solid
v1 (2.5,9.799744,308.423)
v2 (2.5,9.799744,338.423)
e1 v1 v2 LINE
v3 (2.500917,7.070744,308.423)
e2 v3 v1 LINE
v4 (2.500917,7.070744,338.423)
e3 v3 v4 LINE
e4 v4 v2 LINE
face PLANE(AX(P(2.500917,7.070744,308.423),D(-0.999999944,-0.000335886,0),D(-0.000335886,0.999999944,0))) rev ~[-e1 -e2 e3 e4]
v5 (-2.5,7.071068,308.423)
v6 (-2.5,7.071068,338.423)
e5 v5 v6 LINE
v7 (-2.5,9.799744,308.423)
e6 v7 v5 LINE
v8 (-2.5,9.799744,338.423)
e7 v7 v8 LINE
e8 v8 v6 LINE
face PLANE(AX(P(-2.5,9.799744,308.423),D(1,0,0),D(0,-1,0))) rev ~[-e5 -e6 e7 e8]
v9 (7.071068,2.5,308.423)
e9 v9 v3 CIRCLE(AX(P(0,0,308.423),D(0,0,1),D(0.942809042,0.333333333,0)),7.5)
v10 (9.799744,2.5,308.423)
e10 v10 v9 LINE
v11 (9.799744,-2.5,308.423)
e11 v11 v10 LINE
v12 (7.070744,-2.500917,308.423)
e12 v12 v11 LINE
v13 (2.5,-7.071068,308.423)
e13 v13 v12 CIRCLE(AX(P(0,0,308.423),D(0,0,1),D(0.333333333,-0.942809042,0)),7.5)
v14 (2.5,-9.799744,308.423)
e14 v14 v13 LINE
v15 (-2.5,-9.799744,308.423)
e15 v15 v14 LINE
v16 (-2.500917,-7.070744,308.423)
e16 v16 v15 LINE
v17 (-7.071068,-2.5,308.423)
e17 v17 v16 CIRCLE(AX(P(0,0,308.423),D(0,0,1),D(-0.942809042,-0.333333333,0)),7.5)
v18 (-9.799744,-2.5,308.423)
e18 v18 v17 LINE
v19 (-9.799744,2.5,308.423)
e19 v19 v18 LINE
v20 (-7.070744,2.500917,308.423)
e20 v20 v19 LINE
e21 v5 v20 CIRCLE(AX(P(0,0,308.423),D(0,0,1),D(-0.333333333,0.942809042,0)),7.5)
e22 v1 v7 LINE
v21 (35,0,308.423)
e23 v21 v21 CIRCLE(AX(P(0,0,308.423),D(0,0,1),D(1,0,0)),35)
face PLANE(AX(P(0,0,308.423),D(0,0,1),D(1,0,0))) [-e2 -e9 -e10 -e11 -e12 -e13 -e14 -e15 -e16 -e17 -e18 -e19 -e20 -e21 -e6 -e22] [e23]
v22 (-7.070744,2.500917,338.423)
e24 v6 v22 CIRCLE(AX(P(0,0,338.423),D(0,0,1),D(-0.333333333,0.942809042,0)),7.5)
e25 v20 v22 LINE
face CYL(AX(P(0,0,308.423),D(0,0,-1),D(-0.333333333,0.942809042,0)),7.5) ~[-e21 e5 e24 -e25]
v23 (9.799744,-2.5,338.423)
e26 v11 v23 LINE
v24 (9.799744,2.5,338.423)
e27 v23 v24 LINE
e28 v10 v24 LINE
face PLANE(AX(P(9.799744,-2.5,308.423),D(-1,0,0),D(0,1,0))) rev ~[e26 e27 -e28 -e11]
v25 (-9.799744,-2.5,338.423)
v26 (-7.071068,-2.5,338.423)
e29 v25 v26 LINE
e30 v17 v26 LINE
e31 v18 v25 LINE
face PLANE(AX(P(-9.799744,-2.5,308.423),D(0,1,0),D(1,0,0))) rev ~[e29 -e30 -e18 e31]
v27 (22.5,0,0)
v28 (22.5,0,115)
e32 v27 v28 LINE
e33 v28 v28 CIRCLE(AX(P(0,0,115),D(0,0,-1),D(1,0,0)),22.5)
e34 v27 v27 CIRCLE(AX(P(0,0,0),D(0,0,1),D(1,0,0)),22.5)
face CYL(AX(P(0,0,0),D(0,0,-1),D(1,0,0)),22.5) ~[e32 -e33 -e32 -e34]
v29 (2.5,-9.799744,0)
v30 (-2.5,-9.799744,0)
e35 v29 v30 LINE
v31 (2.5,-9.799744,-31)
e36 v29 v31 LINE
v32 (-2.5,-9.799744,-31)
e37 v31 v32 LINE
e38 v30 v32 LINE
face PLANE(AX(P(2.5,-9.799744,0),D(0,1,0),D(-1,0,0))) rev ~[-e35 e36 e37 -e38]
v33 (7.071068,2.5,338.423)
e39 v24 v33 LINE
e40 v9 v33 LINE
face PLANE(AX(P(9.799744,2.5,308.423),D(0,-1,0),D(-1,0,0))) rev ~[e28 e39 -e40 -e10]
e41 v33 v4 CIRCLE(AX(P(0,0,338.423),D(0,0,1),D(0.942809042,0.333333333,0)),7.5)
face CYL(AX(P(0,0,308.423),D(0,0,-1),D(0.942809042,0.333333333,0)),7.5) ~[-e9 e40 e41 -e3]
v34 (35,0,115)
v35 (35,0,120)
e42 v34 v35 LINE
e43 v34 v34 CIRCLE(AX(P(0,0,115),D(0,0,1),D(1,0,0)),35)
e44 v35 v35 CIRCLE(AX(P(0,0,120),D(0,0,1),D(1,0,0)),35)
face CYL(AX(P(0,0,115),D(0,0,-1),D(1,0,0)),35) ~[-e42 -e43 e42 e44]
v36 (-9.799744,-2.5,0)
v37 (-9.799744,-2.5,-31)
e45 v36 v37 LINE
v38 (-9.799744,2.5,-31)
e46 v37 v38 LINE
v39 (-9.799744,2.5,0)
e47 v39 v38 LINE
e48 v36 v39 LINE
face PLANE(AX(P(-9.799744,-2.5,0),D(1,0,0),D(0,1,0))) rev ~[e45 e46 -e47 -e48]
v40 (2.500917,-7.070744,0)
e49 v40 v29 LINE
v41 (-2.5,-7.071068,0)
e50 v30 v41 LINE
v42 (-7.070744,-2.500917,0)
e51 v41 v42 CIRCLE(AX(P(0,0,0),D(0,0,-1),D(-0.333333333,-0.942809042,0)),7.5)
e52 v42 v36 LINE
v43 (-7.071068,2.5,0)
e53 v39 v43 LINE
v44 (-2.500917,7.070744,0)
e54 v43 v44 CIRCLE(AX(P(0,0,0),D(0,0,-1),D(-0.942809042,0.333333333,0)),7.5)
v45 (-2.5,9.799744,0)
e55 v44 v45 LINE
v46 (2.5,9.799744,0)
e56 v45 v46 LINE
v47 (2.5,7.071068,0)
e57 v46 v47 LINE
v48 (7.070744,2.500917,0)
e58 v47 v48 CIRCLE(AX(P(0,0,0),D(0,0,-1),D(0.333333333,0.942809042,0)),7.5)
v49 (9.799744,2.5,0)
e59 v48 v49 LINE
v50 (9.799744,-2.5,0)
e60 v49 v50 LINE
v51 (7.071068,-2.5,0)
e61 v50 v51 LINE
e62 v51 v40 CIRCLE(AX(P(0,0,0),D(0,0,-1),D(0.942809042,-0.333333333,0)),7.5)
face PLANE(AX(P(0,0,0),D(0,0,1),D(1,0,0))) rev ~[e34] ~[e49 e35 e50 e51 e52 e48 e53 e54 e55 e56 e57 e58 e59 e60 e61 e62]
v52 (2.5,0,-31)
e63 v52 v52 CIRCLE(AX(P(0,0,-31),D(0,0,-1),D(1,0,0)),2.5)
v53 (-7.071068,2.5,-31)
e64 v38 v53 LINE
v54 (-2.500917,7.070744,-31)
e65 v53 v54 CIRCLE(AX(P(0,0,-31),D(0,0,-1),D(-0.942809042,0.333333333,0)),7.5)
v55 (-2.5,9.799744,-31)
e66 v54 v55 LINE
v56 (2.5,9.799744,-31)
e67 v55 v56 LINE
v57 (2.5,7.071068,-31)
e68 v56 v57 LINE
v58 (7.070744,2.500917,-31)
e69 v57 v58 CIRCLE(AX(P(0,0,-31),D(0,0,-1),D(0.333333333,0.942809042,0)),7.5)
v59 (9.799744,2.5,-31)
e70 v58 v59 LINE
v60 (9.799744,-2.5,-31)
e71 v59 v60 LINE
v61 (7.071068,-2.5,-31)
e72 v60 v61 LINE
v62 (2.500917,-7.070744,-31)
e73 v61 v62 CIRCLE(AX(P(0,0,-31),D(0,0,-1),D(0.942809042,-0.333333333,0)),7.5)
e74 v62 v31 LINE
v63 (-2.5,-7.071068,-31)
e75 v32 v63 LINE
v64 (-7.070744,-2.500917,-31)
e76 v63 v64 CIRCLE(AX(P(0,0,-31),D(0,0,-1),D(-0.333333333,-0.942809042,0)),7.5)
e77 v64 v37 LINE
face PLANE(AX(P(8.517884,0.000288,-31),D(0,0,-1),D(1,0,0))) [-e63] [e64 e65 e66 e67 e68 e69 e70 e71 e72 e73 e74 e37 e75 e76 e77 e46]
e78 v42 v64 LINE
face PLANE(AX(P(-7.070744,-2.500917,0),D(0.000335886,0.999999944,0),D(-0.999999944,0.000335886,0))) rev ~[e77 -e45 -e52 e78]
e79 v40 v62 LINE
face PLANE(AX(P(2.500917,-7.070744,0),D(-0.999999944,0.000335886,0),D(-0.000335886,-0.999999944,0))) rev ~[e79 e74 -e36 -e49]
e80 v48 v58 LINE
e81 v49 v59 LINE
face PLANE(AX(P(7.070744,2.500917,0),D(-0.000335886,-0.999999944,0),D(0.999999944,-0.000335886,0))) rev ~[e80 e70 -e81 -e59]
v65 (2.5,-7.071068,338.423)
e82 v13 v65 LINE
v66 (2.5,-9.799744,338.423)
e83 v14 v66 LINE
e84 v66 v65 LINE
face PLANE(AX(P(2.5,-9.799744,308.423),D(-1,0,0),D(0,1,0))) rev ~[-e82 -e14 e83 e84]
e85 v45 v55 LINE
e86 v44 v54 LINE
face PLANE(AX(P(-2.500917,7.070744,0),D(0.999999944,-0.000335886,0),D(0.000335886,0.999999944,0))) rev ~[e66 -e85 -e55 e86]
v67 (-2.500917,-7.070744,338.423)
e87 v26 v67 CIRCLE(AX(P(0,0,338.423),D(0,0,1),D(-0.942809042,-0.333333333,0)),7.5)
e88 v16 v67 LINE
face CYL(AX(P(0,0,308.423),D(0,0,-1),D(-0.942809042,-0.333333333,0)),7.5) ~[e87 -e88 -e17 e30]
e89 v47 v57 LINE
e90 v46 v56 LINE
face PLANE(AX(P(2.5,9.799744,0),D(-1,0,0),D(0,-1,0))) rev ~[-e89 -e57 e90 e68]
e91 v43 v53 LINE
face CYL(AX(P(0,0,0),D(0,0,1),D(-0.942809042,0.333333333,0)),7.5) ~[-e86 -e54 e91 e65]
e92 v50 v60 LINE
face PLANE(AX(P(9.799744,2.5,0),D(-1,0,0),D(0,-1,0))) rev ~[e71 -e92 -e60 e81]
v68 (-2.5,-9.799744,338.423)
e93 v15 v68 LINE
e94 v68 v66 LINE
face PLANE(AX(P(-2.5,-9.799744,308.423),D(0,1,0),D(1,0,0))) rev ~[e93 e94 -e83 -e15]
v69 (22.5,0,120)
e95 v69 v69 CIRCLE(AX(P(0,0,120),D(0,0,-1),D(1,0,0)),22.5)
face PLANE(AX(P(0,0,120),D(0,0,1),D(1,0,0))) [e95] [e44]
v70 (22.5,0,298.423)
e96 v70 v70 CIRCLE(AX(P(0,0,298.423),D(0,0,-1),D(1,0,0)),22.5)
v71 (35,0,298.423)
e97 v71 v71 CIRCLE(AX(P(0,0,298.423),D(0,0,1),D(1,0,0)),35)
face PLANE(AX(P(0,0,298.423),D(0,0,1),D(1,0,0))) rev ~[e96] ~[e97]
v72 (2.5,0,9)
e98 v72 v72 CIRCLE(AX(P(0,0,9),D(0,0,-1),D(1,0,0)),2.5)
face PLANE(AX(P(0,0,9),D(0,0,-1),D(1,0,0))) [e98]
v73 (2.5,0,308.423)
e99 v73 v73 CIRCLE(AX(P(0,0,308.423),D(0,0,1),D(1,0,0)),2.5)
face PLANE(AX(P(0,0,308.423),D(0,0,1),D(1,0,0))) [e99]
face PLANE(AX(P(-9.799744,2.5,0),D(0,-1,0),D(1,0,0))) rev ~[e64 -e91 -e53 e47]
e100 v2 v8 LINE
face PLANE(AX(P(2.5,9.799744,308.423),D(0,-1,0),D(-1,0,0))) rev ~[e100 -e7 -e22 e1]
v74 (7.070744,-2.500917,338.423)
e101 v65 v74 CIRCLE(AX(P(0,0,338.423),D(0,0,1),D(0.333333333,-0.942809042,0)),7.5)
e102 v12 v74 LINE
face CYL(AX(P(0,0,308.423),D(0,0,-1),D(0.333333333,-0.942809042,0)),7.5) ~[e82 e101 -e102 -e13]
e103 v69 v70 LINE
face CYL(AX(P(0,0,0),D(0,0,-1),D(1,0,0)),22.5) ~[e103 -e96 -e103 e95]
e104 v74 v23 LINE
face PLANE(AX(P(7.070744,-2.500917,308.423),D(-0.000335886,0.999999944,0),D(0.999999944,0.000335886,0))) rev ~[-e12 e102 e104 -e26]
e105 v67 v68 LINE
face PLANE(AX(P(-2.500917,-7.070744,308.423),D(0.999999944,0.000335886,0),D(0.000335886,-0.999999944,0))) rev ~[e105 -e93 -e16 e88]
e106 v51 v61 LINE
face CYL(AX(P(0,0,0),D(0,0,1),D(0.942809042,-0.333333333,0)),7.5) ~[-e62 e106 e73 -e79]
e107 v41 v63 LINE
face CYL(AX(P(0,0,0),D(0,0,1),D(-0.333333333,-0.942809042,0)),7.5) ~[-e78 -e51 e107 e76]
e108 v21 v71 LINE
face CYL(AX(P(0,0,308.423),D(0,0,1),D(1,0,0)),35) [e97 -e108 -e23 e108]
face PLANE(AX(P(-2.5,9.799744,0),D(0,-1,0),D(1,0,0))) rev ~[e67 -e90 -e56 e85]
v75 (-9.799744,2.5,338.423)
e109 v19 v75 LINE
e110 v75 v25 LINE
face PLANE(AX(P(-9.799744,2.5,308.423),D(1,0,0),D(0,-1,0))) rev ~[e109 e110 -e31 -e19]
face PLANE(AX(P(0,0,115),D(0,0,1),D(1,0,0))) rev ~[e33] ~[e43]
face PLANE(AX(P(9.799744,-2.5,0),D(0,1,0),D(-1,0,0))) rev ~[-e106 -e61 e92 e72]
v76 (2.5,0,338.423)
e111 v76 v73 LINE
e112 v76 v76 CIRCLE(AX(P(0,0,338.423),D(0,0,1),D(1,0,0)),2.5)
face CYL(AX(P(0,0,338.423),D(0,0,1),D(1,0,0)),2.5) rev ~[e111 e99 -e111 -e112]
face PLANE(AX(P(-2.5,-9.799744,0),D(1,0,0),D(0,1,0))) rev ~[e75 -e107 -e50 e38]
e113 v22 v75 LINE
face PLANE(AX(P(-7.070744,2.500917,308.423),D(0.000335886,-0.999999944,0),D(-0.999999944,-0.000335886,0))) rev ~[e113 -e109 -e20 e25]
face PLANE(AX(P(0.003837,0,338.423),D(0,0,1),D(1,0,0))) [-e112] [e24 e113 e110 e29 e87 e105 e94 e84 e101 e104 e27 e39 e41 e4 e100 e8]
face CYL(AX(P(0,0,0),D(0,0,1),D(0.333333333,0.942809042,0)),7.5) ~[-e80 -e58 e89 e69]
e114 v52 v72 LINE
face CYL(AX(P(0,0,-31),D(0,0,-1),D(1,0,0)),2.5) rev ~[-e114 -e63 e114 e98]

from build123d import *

# Parameters (mm, degrees)
F0_R      = 22.5
F1_DEPTH  = 308.423
F4_DEPTH  = 31
F5_R      = 2.5
F6_DEPTH  = 40
F7_DEPTH  = 30
F8_R      = 2.5
F9_DEPTH  = 30
F10_R     = 35
F11_DEPTH = 10
F13_R     = 35
F14_DEPTH = 5


with BuildPart() as f1:
    # F0 (on Top) → F1 (new body)
    with BuildSketch(Plane.XY):
        Circle(F0_R)
    extrude(amount=F1_DEPTH)

    # F3 (on face) → F4 (join)
    with BuildSketch(Plane(origin=(0, 0, 0), x_dir=(1, 0, 0), z_dir=(0, 0, -1))):
        with BuildLine():
            ThreePointArc((7.0710678119, 2.5), (7.3919891974, 1.2682648404), (7.5, 0))
            ThreePointArc((7.5, 0), (7.3919069765, -1.268743966), (7.0707436663, -2.500916633))
            Line((7.0707436663, -2.500916633), (9.7997435124, -2.5))
            Line((9.7997435124, -2.5), (9.7997435124, 0))
            Line((9.7997435124, 0), (9.7997435124, 2.5))
            Line((9.7997435124, 2.5), (7.0710678119, 2.5))
        make_face()
        with BuildLine():
            Line((2.5, -9.7997435124), (2.5, -7.0710678119))
            ThreePointArc((2.5, -7.0710678119), (-0.0004861292, -7.4999999842), (-2.500916633, -7.0707436663))
            Line((-2.500916633, -7.0707436663), (-2.5, -9.7997435124))
            Line((-2.5, -9.7997435124), (0, -9.7997435124))
            Line((0, -9.7997435124), (2.5, -9.7997435124))
        make_face()
        with BuildLine():
            ThreePointArc((-7.0710678119, -2.5), (-7.4999999842, 0.0004861292), (-7.0707436663, 2.500916633))
            Line((-7.0707436663, 2.500916633), (-9.7997435124, 2.5))
            Line((-9.7997435124, 2.5), (-9.7997435124, 0))
            Line((-9.7997435124, 0), (-9.7997435124, -2.5))
            Line((-9.7997435124, -2.5), (-7.0710678119, -2.5))
        make_face()
        with BuildLine():
            ThreePointArc((7.0707436663, -2.500916633), (7.3919069765, -1.268743966), (7.5, 0))
            ThreePointArc((7.5, 0), (7.3919891974, 1.2682648404), (7.0710678119, 2.5))
            ThreePointArc((7.0710678119, 2.5), (5.303644593, 5.3029571025), (2.500916633, 7.0707436663))
            ThreePointArc((2.500916633, 7.0707436663), (0.0004861292, 7.4999999842), (-2.5, 7.0710678119))
            ThreePointArc((-2.5, 7.0710678119), (-5.3029571025, 5.303644593), (-7.0707436663, 2.500916633))
            ThreePointArc((-7.0707436663, 2.500916633), (-7.4999999842, 0.0004861292), (-7.0710678119, -2.5))
            ThreePointArc((-7.0710678119, -2.5), (-5.303644593, -5.3029571025), (-2.500916633, -7.0707436663))
            ThreePointArc((-2.500916633, -7.0707436663), (-0.0004861292, -7.4999999842), (2.5, -7.0710678119))
            ThreePointArc((2.5, -7.0710678119), (5.3029571025, -5.303644593), (7.0707436663, -2.500916633))
        make_face()
        with BuildLine():
            ThreePointArc((-2.5, 7.0710678119), (0.0004861292, 7.4999999842), (2.500916633, 7.0707436663))
            Line((2.500916633, 7.0707436663), (2.5, 9.7997435124))
            Line((2.5, 9.7997435124), (0, 9.7997435124))
            Line((0, 9.7997435124), (-2.5, 9.7997435124))
            Line((-2.5, 9.7997435124), (-2.5, 7.0710678119))
        make_face()
    extrude(amount=F4_DEPTH)

    # F5 (on face) → F6 (cut)
    with BuildSketch(Plane(origin=(0, 0, -31), x_dir=(1, 0, 0), z_dir=(0, 0, -1))):
        Circle(F5_R)
    extrude(amount=-F6_DEPTH, mode=Mode.SUBTRACT)

    # F2 (on face) → F7 (join)
    with BuildSketch(Plane.XY.offset(308.423)):
        with BuildLine():
            ThreePointArc((7.0707436663, -2.500916633), (7.3919069765, -1.268743966), (7.5, 0))
            ThreePointArc((7.5, 0), (7.3919891974, 1.2682648404), (7.0710678119, 2.5))
            ThreePointArc((7.0710678119, 2.5), (5.303644593, 5.3029571025), (2.500916633, 7.0707436663))
            ThreePointArc((2.500916633, 7.0707436663), (0.0004861292, 7.4999999842), (-2.5, 7.0710678119))
            ThreePointArc((-2.5, 7.0710678119), (-5.3029571025, 5.303644593), (-7.0707436663, 2.500916633))
            ThreePointArc((-7.0707436663, 2.500916633), (-7.4999999842, 0.0004861292), (-7.0710678119, -2.5))
            ThreePointArc((-7.0710678119, -2.5), (-5.303644593, -5.3029571025), (-2.500916633, -7.0707436663))
            ThreePointArc((-2.500916633, -7.0707436663), (-0.0004861292, -7.4999999842), (2.5, -7.0710678119))
            ThreePointArc((2.5, -7.0710678119), (5.3029571025, -5.303644593), (7.0707436663, -2.500916633))
        make_face()
        with BuildLine():
            ThreePointArc((-7.0710678119, -2.5), (-7.4999999842, 0.0004861292), (-7.0707436663, 2.500916633))
            Line((-7.0707436663, 2.500916633), (-9.7997435124, 2.5))
            Line((-9.7997435124, 2.5), (-9.7997435124, 0))
            Line((-9.7997435124, 0), (-9.7997435124, -2.5))
            Line((-9.7997435124, -2.5), (-7.0710678119, -2.5))
        make_face()
        with BuildLine():
            ThreePointArc((-2.5, 7.0710678119), (0.0004861292, 7.4999999842), (2.500916633, 7.0707436663))
            Line((2.500916633, 7.0707436663), (2.5, 9.7997435124))
            Line((2.5, 9.7997435124), (0, 9.7997435124))
            Line((0, 9.7997435124), (-2.5, 9.7997435124))
            Line((-2.5, 9.7997435124), (-2.5, 7.0710678119))
        make_face()
        with BuildLine():
            ThreePointArc((7.0710678119, 2.5), (7.3919891974, 1.2682648404), (7.5, 0))
            ThreePointArc((7.5, 0), (7.3919069765, -1.268743966), (7.0707436663, -2.500916633))
            Line((7.0707436663, -2.500916633), (9.7997435124, -2.5))
            Line((9.7997435124, -2.5), (9.7997435124, 0))
            Line((9.7997435124, 0), (9.7997435124, 2.5))
            Line((9.7997435124, 2.5), (7.0710678119, 2.5))
        make_face()
        with BuildLine():
            Line((2.5, -9.7997435124), (2.5, -7.0710678119))
            ThreePointArc((2.5, -7.0710678119), (-0.0004861292, -7.4999999842), (-2.500916633, -7.0707436663))
            Line((-2.500916633, -7.0707436663), (-2.5, -9.7997435124))
            Line((-2.5, -9.7997435124), (0, -9.7997435124))
            Line((0, -9.7997435124), (2.5, -9.7997435124))
        make_face()
    extrude(amount=F7_DEPTH)

    # F8 (on face) → F9 (cut)
    with BuildSketch(Plane.XY.offset(338.423)):
        Circle(F8_R)
    extrude(amount=-F9_DEPTH, mode=Mode.SUBTRACT)

    # F10 (on face) → F11 (join)
    with BuildSketch(Plane.XY.offset(308.423)):
        Circle(F10_R)
    extrude(amount=-F11_DEPTH)

    # F13 (on offset) → F14 (join)
    with BuildSketch(Plane.XY.offset(115)):
        Circle(F13_R)
    extrude(amount=F14_DEPTH)


solid = f1.part
